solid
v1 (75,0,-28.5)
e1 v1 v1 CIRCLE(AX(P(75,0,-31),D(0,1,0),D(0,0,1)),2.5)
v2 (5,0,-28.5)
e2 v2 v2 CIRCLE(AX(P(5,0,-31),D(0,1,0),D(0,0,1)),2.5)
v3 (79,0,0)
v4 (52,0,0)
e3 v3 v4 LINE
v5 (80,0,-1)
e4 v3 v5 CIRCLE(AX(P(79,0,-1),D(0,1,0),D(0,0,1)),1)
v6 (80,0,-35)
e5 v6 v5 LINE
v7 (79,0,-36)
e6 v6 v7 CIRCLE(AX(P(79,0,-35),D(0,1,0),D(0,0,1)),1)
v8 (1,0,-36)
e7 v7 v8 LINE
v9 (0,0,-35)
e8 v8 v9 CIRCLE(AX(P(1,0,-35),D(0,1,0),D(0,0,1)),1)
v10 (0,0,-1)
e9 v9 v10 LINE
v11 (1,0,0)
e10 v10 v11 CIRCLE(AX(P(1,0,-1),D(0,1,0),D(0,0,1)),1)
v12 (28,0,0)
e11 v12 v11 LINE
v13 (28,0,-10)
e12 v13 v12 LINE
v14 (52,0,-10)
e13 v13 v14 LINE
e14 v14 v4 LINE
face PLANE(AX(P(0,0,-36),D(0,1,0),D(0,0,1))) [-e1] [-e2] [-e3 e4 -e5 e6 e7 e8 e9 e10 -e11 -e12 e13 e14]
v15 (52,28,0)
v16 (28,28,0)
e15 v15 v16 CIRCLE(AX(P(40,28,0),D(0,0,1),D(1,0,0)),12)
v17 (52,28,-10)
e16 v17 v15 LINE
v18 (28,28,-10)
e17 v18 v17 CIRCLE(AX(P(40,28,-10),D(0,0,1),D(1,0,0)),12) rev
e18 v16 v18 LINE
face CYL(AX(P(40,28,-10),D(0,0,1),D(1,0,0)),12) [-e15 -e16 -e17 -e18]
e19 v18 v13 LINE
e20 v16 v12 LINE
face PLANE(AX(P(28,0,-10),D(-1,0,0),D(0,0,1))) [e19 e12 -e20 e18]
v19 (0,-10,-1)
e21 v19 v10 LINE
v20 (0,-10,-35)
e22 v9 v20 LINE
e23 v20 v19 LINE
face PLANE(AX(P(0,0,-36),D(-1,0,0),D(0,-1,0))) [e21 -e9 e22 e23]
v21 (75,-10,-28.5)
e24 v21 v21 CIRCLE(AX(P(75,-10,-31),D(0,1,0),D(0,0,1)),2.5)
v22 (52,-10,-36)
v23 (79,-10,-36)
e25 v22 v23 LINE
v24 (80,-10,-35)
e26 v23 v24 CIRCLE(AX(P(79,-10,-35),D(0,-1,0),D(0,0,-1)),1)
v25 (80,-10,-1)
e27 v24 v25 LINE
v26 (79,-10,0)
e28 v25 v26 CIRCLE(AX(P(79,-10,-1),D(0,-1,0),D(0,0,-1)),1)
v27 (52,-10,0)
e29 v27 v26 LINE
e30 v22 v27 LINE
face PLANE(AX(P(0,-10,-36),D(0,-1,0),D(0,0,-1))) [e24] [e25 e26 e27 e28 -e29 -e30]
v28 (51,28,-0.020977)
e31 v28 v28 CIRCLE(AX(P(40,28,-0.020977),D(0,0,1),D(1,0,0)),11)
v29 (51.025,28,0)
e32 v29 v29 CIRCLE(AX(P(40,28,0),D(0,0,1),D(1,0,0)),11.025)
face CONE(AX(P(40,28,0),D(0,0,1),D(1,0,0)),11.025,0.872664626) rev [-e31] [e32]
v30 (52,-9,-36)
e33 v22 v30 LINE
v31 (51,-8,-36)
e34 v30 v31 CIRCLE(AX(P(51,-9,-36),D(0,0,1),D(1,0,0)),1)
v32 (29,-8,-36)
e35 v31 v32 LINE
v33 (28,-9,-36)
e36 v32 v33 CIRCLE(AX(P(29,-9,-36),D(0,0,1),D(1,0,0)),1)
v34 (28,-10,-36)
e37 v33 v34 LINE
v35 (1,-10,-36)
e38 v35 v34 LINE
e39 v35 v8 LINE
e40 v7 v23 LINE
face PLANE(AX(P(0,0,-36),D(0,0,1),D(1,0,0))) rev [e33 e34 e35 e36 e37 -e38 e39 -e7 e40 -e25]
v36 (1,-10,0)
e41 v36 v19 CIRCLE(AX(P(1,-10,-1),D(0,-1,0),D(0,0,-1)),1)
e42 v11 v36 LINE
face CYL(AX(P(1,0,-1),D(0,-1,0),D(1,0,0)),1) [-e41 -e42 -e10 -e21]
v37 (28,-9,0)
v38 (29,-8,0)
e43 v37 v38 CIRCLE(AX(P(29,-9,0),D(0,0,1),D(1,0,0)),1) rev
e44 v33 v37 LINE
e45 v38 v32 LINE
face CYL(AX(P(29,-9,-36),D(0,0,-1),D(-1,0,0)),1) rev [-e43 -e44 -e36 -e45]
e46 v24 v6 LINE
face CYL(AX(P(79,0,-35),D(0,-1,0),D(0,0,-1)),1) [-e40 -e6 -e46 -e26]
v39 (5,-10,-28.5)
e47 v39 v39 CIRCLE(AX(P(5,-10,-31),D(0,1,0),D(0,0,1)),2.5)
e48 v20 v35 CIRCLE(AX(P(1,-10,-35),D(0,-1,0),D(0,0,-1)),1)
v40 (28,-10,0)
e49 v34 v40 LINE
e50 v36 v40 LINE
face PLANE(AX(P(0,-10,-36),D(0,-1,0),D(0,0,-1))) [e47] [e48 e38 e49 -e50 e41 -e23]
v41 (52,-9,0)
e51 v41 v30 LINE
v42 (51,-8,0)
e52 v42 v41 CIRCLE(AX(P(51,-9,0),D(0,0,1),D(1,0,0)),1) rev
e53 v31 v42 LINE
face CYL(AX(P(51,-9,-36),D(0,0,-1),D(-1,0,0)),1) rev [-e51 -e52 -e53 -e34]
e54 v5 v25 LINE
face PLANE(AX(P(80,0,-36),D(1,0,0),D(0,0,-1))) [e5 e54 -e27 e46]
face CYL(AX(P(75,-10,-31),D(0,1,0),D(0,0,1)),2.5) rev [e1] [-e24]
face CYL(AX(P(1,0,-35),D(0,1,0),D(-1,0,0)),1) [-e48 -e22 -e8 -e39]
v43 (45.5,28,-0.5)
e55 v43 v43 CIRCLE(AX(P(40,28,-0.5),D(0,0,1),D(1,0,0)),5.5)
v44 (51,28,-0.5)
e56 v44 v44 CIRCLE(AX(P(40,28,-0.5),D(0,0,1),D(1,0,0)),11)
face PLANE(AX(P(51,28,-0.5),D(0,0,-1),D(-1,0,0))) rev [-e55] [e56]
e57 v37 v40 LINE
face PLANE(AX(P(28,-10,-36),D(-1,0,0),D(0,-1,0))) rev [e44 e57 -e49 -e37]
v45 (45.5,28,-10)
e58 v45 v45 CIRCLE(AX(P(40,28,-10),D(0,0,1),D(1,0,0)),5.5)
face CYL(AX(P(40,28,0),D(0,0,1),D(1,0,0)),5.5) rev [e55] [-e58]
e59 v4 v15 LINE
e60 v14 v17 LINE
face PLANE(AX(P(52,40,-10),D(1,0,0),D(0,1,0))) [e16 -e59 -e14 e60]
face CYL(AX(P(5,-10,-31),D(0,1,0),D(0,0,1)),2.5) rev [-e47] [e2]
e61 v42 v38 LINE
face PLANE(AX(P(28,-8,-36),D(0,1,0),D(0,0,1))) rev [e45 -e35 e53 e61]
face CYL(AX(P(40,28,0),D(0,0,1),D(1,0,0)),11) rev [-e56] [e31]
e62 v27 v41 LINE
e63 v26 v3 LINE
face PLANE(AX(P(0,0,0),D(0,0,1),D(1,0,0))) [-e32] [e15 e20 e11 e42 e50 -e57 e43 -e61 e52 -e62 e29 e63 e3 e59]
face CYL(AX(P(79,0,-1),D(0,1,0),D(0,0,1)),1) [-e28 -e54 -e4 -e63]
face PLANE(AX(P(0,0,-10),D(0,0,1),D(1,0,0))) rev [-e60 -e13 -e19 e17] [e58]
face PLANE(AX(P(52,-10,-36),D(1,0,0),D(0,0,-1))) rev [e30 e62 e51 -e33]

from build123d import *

# Parameters (mm, degrees)
SKETCH_1_W          = 80
SKETCH_1_H          = 10
EXTRUDE_1_DEPTH     = 36
EXTRUDE_3_DEPTH     = 10
FILLET_1_RADIUS     = 12
FILLET_1_LENGTH     = 10
SKETCH_3_W          = 24
SKETCH_3_H          = 2
CUT_EXTRUDE_1_DEPTH = 97.415766346
SKETCH_6_R          = 2.5
CUT_EXTRUDE_2_DEPTH = 97.415766346
FILLET_2_R          = 1


with BuildPart() as part:
    # 草图1 → 凸台-拉伸1 (new body)
    with BuildSketch(Plane.XY):
        with Locations((40, -5)):
            Rectangle(SKETCH_1_W, SKETCH_1_H)
    extrude(amount=-EXTRUDE_1_DEPTH)

    # 草图2 → 凸台-拉伸3 (add)
    with BuildSketch(Plane.XY):
        Polygon((28, 0), (28, 40), (52, 40), (52, 0), (80, 0), (80, -10), (0, -10), (0, 0), align=None)
    extrude(amount=-EXTRUDE_3_DEPTH)

    # 圆角1: full round fillet: the end face becomes a half cylinder, R = half its width
    fillet_1_face = Plane((40, 40, -5), x_dir=(0, 0, 1), z_dir=(0, 1, 0))  # on the end face: x along it, z out of the body
    fillet_1_slab = fillet_1_face.offset(-FILLET_1_RADIUS / 2) * Box(FILLET_1_LENGTH, 2 * FILLET_1_RADIUS, FILLET_1_RADIUS, mode=Mode.PRIVATE)  # the body's end, R deep
    fillet_1_round = Plane((40, 28, -5), x_dir=(0, 1, 0), z_dir=(0, 0, 1)) * Cylinder(FILLET_1_RADIUS, FILLET_1_LENGTH, mode=Mode.PRIVATE)  # its axis R under the face
    add(fillet_1_slab - fillet_1_round, mode=Mode.SUBTRACT)

    # 草图3 → 切除-拉伸1 (cut, through all)
    with BuildSketch(Plane.XY):
        with Locations((40, -9)):
            Rectangle(SKETCH_3_W, SKETCH_3_H)
    extrude(amount=-CUT_EXTRUDE_1_DEPTH, mode=Mode.SUBTRACT)

    # 草图5 → M10 六角头螺栓C级的柱形沉头孔1 (revolve, cut)
    with BuildSketch(Plane(origin=(40, 28, 0), x_dir=(0, -1, 0), z_dir=(1, 0, 0))):
        Polygon((0, 0), (0, 36), (5.5, 36), (5.5, 0.5), (11, 0.5), (11, 0.020977491), (11.025, 0), align=None)
    revolve(axis=Axis((40, 28, 6.35), (0, 0, -1)), mode=Mode.SUBTRACT)

    # 草图6 → 切除-拉伸2 (cut, through all)
    with BuildSketch(Plane(origin=(0, 0, 0), x_dir=(1, 0, 0), z_dir=(0, 1, 0))):
        with Locations(Location((75, 31, 0), (0, 0, 270))):
            Circle(SKETCH_6_R)
        with Locations(Location((5, 31, 0), (0, 0, 270))):
            Circle(SKETCH_6_R)
    extrude(amount=-CUT_EXTRUDE_2_DEPTH, mode=Mode.SUBTRACT)

    # 圆角2
    fillet_2_edges = [part.edges().sort_by_distance(p)[0] for p in [
        (80, -5, -36),
        (0, -5, -36),
        (80, -5, 0),
        (28, -8, -18),
        (52, -8, -18),
        (0, -5, 0),
    ]]
    fillet(fillet_2_edges, radius=FILLET_2_R)


solid = part.part
